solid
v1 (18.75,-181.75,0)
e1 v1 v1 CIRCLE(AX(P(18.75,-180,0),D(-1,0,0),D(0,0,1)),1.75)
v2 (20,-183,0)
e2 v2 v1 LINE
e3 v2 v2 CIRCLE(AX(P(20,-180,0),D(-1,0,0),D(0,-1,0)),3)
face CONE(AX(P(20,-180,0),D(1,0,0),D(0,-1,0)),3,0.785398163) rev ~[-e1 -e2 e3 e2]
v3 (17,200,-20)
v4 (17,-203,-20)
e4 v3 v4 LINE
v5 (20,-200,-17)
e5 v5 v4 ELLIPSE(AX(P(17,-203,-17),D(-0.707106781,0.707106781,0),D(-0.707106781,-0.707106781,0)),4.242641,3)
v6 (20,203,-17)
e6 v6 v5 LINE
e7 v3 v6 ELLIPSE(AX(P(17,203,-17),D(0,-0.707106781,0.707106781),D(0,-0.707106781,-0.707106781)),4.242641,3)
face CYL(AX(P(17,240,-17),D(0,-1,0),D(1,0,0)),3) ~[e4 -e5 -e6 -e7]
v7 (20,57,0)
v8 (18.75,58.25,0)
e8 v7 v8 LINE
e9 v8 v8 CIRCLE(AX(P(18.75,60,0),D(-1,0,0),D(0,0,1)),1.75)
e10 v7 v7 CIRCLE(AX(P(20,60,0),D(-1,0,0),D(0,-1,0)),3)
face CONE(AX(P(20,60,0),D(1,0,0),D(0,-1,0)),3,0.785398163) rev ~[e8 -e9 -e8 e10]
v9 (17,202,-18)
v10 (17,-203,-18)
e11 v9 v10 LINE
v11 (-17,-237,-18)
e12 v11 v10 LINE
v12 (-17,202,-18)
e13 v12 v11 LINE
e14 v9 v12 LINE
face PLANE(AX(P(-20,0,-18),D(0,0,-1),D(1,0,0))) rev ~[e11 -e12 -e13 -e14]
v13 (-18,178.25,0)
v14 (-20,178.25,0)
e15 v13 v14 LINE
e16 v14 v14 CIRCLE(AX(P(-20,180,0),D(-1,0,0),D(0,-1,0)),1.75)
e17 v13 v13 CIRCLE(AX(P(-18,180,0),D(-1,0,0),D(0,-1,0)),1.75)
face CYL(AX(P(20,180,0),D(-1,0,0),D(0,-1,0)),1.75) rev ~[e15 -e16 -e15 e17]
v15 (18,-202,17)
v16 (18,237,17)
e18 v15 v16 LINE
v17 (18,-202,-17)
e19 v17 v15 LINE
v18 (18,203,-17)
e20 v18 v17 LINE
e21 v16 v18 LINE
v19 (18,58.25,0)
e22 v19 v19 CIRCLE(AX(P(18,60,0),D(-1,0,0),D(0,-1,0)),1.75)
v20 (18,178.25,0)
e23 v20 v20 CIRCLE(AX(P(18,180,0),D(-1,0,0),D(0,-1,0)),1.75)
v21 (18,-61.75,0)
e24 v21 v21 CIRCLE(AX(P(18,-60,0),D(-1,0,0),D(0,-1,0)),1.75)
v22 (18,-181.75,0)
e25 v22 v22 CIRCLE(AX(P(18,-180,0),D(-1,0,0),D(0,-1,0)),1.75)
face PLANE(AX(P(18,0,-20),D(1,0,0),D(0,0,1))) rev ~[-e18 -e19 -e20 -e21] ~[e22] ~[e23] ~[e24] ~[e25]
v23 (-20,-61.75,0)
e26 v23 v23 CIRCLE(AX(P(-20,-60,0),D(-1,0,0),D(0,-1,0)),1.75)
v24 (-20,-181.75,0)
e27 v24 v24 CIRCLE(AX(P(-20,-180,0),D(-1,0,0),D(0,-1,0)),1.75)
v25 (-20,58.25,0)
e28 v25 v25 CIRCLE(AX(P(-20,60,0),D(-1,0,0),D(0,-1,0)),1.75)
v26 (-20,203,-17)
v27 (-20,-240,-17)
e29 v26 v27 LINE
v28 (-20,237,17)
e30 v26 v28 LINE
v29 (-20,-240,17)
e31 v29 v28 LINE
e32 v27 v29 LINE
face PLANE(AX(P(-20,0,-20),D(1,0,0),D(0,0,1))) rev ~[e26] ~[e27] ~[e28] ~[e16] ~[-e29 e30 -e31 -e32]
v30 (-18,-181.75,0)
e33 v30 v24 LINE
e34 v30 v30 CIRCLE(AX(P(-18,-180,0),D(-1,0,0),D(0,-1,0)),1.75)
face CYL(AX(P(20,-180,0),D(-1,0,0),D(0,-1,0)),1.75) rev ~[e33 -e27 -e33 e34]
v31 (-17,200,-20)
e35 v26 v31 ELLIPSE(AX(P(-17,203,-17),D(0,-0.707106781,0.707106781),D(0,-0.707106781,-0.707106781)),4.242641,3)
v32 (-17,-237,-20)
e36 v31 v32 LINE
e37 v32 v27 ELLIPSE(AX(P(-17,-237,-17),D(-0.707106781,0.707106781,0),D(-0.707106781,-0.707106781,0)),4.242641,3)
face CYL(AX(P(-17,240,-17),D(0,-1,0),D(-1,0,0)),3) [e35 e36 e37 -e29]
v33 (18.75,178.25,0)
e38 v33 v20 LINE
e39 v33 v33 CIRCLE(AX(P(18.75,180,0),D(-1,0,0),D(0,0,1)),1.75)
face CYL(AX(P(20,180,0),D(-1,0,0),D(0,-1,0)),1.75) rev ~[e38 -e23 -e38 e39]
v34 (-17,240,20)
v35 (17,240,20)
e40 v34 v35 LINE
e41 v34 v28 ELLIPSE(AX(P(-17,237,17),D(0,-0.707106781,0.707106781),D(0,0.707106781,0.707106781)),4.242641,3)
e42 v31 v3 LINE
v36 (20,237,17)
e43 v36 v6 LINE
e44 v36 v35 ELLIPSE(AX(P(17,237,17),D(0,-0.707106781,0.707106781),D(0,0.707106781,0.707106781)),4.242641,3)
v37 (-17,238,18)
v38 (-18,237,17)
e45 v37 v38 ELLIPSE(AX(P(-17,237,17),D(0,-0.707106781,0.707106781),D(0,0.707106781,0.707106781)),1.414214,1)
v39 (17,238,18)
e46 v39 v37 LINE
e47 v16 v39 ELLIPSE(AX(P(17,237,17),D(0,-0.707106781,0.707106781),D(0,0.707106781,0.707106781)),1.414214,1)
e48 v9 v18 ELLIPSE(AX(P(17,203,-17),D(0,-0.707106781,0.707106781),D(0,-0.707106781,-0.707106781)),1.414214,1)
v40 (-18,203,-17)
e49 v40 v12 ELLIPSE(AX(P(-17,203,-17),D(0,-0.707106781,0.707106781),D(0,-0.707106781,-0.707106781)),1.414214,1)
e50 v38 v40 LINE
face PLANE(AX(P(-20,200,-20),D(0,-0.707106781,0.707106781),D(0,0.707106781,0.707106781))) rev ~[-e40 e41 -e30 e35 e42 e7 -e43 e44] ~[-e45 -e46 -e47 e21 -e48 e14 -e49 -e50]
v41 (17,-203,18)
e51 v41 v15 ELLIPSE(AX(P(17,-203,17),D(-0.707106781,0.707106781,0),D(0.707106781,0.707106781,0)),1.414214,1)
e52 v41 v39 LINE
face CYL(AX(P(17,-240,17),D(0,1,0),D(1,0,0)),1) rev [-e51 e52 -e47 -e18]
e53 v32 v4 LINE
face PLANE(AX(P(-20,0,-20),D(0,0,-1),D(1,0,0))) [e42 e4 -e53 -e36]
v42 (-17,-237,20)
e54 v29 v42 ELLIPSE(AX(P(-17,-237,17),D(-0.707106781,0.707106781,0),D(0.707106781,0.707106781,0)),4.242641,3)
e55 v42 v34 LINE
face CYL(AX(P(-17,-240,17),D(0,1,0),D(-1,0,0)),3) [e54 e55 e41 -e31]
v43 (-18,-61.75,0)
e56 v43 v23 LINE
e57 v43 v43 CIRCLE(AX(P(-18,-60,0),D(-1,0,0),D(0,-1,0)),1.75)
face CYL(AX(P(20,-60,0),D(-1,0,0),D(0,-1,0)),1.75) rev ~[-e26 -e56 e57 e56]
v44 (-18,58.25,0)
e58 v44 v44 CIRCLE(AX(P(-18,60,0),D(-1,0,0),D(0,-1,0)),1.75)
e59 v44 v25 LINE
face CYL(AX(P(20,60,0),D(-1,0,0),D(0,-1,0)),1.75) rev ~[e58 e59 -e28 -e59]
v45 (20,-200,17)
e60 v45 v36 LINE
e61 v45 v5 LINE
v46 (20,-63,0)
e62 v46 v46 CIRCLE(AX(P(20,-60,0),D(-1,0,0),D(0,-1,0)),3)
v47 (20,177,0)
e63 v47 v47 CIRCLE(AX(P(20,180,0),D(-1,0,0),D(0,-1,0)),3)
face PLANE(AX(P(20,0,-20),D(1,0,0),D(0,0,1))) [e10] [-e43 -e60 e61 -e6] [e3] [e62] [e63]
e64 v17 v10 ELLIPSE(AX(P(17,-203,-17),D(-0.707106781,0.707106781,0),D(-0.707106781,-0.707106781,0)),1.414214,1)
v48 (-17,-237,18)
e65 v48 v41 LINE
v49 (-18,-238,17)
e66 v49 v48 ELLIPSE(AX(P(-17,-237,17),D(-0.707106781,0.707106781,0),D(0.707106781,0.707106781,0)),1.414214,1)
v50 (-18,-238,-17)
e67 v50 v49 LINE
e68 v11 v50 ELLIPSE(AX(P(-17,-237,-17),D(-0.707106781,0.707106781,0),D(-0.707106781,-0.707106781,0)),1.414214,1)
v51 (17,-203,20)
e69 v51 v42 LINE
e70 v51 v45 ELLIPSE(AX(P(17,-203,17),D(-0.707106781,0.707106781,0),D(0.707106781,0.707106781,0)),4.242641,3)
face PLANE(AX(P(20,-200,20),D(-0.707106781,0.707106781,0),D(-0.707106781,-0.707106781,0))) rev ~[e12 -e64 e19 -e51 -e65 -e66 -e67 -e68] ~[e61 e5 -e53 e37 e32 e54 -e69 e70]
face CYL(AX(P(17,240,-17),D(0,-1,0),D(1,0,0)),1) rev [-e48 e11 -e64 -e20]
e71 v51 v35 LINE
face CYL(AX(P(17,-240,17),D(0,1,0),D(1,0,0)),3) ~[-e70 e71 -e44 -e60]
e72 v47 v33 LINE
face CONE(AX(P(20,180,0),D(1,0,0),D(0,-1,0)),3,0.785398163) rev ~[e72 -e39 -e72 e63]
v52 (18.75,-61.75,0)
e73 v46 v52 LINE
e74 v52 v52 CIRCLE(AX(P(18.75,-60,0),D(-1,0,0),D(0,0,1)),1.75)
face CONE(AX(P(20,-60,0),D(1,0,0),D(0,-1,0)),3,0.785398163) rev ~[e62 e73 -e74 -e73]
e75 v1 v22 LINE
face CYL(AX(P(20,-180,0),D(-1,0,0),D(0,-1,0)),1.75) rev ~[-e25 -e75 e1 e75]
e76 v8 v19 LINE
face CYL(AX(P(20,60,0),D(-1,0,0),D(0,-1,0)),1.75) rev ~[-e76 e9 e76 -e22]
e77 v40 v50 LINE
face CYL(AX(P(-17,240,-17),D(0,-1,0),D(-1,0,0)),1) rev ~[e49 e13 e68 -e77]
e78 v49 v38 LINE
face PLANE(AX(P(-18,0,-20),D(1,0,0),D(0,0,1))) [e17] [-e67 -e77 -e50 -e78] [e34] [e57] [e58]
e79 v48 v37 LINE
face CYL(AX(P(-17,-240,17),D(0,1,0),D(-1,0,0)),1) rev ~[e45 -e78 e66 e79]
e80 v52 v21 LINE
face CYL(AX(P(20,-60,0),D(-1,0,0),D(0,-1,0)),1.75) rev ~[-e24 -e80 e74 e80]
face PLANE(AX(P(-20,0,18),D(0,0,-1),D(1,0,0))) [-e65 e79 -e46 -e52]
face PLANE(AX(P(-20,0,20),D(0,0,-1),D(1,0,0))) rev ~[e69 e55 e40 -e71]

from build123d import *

# Parameters (mm, degrees)
F2_W            = 40
F2_H            = 40
F3_DEPTH        = 240
F4_R            = 3
F5_T            = -2
F7_DEPTH        = 40.001
F9_DEPTH        = 40.001
F11_D           = 3.5
F11_CSINK_D     = 6
F11_CSINK_ANGLE = 90


with BuildPart() as f3:
    # F2 (on Front) → F3 (new body, symmetric)
    with BuildSketch(Plane.XZ):
        Rectangle(F2_W, F2_H)
    extrude(amount=F3_DEPTH, both=True)

    # F4
    f4_edges = [f3.edges().sort_by_distance(p)[0] for p in [
        (20, 0, 20),
        (-20, 0, 20),
        (20, 0, -20),
        (-20, 0, -20),
    ]]
    fillet(f4_edges, radius=F4_R)

    # F5
    f5_openings = [f3.faces().sort_by_distance(p)[0] for p in [
        (0, -240, 0),
        (0, 240, 0),
    ]]
    offset(amount=F5_T, openings=f5_openings)

    # F6 (on face) → F7 (cut, through all)
    with BuildSketch(Plane(origin=(-20, 0, 0), x_dir=(0, -1, 0), z_dir=(-1, 0, 0))):
        Polygon((-240, 20), (-240, -20), (-200, -20), align=None)
    extrude(amount=-F7_DEPTH, mode=Mode.SUBTRACT)

    # F8 (on face) → F9 (cut, through all)
    with BuildSketch(Plane.XY.offset(20)):
        Polygon((20, -240), (20, -200), (-20, -240), align=None)
    extrude(amount=-F9_DEPTH, mode=Mode.SUBTRACT)

    # F11 (through all)
    with Locations(Plane.YZ.offset(20)):
        with Locations((180, 0), (60, 0), (-60, 0), (-180, 0)):
            CounterSinkHole(F11_D / 2, F11_CSINK_D / 2, counter_sink_angle=F11_CSINK_ANGLE)


solid = f3.part
